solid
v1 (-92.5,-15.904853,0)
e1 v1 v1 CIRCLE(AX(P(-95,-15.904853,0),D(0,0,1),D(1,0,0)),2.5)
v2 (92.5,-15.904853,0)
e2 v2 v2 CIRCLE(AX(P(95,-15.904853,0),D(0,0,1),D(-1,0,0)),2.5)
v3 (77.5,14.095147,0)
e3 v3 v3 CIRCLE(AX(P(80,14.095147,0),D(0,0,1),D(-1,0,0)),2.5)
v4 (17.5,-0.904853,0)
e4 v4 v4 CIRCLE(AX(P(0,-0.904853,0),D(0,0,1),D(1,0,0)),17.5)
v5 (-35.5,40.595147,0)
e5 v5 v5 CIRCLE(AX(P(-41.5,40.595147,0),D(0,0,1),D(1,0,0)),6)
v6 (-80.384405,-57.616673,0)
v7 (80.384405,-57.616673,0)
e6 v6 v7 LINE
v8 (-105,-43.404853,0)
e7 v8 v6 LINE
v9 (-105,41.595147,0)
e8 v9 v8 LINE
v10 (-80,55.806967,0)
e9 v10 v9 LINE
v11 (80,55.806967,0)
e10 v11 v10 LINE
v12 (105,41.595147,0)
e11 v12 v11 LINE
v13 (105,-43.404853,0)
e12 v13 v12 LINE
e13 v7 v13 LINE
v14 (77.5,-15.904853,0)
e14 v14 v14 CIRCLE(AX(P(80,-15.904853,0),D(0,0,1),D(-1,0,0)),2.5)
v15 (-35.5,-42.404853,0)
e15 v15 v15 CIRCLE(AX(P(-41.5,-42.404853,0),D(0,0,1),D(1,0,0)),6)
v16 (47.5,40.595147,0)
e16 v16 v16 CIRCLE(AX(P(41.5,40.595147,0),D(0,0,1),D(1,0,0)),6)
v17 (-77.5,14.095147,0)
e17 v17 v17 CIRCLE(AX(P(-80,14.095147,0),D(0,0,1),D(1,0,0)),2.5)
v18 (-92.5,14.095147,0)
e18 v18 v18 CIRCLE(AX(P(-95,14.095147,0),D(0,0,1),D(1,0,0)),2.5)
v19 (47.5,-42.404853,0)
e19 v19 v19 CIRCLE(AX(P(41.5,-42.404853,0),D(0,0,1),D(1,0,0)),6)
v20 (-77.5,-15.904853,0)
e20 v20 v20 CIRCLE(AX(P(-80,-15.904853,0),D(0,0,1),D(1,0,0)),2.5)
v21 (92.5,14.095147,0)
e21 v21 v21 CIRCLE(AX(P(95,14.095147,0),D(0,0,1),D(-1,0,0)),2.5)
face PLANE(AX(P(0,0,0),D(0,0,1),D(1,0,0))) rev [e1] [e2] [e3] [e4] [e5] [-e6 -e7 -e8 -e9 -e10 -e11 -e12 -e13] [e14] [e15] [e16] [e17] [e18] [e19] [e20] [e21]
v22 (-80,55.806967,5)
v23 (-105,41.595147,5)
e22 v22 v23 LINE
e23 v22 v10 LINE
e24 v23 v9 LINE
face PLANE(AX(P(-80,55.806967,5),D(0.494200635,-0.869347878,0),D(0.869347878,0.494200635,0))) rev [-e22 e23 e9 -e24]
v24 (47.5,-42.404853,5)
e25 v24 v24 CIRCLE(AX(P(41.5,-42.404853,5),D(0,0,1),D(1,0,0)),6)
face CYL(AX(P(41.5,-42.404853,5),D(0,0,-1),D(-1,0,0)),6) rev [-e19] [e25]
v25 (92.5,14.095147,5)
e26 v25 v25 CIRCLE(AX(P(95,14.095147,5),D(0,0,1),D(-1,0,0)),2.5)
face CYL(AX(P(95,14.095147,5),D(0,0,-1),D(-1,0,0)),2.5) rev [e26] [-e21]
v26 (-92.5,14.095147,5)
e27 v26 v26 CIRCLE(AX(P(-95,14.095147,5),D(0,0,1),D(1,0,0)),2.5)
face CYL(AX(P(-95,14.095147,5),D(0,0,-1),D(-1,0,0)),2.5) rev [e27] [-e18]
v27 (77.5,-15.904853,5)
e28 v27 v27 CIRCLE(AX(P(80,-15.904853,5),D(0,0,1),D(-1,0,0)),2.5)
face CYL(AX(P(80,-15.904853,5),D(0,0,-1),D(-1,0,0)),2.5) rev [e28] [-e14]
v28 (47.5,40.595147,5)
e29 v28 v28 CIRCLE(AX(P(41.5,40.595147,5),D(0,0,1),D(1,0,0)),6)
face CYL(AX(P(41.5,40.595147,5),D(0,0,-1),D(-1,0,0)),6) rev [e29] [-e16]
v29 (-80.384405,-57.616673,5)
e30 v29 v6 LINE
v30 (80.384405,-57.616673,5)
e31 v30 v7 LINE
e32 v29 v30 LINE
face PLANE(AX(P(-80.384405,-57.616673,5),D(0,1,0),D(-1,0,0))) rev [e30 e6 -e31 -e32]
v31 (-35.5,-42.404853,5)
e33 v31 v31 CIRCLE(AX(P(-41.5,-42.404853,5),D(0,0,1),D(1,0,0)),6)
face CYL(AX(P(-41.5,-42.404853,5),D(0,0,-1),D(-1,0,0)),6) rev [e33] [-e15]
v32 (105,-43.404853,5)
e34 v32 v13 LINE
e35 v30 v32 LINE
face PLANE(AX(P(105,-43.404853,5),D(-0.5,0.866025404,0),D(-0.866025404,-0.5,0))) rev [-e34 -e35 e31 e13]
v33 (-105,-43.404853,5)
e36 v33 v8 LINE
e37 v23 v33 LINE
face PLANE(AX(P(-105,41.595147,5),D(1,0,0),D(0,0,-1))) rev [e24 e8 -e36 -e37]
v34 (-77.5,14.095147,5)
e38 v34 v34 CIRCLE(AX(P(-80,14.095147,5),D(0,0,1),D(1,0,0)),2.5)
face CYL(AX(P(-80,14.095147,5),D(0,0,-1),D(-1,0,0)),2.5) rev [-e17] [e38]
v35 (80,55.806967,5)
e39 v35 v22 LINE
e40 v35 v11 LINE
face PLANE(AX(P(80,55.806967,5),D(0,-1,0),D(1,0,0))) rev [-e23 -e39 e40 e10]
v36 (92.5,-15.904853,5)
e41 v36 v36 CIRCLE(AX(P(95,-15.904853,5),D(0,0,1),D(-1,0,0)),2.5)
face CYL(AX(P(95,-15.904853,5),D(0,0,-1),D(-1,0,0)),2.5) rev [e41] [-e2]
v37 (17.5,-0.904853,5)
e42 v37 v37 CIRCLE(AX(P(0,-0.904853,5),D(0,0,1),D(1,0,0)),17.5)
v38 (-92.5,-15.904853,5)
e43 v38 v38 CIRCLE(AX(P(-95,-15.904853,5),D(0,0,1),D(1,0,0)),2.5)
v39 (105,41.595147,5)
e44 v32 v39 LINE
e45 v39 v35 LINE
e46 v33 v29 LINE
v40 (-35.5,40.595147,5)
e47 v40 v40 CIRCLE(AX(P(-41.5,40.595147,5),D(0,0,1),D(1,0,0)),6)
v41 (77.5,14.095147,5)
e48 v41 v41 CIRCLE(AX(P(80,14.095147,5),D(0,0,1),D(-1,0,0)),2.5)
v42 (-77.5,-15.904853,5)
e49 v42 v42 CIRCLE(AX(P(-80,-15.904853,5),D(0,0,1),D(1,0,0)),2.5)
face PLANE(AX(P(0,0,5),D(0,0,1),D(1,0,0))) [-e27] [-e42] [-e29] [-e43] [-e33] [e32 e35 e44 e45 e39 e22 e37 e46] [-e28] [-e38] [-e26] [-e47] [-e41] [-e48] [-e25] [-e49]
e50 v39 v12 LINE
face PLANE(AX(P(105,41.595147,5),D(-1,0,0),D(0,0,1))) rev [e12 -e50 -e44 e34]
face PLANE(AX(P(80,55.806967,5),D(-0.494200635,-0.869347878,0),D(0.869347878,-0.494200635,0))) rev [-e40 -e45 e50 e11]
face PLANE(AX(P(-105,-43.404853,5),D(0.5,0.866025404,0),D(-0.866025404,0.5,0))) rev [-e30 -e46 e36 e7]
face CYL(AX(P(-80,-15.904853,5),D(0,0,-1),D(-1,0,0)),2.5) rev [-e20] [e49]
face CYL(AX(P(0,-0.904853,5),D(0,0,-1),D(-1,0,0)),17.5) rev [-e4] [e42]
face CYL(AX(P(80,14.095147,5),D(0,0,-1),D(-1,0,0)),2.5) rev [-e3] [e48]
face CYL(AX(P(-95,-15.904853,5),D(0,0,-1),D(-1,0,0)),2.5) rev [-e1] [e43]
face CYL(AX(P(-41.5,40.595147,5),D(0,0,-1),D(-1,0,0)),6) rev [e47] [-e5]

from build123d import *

# Parameters (mm, degrees)
SKETCH1_R           = 17.5
SKETCH1_R_2         = 2.5
SKETCH1_R_3         = 6
BOSS_EXTRUDE1_DEPTH = 5


with BuildPart() as part:
    # Sketch1 → Boss-Extrude1 (new body)
    with BuildSketch(Plane.XY):
        Polygon((80, 55.80696734), (-80, 55.80696734), (-105, 41.595146974), (-105, -43.404853026), (-80.384405058, -57.616673392), (80.384405058, -57.616673392), (105, -43.404853026), (105, 41.595146974), align=None)
        with Locations((0, -0.904853026)):
            Circle(SKETCH1_R, mode=Mode.SUBTRACT)
        with Locations((-95, 14.095146974)):
            Circle(SKETCH1_R_2, mode=Mode.SUBTRACT)
        with Locations((-80, 14.095146974)):
            Circle(SKETCH1_R_2, mode=Mode.SUBTRACT)
        with Locations((-95, -15.904853026)):
            Circle(SKETCH1_R_2, mode=Mode.SUBTRACT)
        with Locations((-80, -15.904853026)):
            Circle(SKETCH1_R_2, mode=Mode.SUBTRACT)
        with Locations(Location((80, -15.904853026, 0), (0, 0, 180))):
            Circle(SKETCH1_R_2, mode=Mode.SUBTRACT)
        with Locations(Location((95, -15.904853026, 0), (0, 0, 180))):
            Circle(SKETCH1_R_2, mode=Mode.SUBTRACT)
        with Locations(Location((95, 14.095146974, 0), (0, 0, 180))):
            Circle(SKETCH1_R_2, mode=Mode.SUBTRACT)
        with Locations(Location((80, 14.095146974, 0), (0, 0, 180))):
            Circle(SKETCH1_R_2, mode=Mode.SUBTRACT)
        with Locations((-41.5, 40.595146974)):
            Circle(SKETCH1_R_3, mode=Mode.SUBTRACT)
        with Locations((41.5, 40.595146974)):
            Circle(SKETCH1_R_3, mode=Mode.SUBTRACT)
        with Locations((41.5, -42.404853026)):
            Circle(SKETCH1_R_3, mode=Mode.SUBTRACT)
        with Locations((-41.5, -42.404853026)):
            Circle(SKETCH1_R_3, mode=Mode.SUBTRACT)
    extrude(amount=BOSS_EXTRUDE1_DEPTH)


solid = part.part
